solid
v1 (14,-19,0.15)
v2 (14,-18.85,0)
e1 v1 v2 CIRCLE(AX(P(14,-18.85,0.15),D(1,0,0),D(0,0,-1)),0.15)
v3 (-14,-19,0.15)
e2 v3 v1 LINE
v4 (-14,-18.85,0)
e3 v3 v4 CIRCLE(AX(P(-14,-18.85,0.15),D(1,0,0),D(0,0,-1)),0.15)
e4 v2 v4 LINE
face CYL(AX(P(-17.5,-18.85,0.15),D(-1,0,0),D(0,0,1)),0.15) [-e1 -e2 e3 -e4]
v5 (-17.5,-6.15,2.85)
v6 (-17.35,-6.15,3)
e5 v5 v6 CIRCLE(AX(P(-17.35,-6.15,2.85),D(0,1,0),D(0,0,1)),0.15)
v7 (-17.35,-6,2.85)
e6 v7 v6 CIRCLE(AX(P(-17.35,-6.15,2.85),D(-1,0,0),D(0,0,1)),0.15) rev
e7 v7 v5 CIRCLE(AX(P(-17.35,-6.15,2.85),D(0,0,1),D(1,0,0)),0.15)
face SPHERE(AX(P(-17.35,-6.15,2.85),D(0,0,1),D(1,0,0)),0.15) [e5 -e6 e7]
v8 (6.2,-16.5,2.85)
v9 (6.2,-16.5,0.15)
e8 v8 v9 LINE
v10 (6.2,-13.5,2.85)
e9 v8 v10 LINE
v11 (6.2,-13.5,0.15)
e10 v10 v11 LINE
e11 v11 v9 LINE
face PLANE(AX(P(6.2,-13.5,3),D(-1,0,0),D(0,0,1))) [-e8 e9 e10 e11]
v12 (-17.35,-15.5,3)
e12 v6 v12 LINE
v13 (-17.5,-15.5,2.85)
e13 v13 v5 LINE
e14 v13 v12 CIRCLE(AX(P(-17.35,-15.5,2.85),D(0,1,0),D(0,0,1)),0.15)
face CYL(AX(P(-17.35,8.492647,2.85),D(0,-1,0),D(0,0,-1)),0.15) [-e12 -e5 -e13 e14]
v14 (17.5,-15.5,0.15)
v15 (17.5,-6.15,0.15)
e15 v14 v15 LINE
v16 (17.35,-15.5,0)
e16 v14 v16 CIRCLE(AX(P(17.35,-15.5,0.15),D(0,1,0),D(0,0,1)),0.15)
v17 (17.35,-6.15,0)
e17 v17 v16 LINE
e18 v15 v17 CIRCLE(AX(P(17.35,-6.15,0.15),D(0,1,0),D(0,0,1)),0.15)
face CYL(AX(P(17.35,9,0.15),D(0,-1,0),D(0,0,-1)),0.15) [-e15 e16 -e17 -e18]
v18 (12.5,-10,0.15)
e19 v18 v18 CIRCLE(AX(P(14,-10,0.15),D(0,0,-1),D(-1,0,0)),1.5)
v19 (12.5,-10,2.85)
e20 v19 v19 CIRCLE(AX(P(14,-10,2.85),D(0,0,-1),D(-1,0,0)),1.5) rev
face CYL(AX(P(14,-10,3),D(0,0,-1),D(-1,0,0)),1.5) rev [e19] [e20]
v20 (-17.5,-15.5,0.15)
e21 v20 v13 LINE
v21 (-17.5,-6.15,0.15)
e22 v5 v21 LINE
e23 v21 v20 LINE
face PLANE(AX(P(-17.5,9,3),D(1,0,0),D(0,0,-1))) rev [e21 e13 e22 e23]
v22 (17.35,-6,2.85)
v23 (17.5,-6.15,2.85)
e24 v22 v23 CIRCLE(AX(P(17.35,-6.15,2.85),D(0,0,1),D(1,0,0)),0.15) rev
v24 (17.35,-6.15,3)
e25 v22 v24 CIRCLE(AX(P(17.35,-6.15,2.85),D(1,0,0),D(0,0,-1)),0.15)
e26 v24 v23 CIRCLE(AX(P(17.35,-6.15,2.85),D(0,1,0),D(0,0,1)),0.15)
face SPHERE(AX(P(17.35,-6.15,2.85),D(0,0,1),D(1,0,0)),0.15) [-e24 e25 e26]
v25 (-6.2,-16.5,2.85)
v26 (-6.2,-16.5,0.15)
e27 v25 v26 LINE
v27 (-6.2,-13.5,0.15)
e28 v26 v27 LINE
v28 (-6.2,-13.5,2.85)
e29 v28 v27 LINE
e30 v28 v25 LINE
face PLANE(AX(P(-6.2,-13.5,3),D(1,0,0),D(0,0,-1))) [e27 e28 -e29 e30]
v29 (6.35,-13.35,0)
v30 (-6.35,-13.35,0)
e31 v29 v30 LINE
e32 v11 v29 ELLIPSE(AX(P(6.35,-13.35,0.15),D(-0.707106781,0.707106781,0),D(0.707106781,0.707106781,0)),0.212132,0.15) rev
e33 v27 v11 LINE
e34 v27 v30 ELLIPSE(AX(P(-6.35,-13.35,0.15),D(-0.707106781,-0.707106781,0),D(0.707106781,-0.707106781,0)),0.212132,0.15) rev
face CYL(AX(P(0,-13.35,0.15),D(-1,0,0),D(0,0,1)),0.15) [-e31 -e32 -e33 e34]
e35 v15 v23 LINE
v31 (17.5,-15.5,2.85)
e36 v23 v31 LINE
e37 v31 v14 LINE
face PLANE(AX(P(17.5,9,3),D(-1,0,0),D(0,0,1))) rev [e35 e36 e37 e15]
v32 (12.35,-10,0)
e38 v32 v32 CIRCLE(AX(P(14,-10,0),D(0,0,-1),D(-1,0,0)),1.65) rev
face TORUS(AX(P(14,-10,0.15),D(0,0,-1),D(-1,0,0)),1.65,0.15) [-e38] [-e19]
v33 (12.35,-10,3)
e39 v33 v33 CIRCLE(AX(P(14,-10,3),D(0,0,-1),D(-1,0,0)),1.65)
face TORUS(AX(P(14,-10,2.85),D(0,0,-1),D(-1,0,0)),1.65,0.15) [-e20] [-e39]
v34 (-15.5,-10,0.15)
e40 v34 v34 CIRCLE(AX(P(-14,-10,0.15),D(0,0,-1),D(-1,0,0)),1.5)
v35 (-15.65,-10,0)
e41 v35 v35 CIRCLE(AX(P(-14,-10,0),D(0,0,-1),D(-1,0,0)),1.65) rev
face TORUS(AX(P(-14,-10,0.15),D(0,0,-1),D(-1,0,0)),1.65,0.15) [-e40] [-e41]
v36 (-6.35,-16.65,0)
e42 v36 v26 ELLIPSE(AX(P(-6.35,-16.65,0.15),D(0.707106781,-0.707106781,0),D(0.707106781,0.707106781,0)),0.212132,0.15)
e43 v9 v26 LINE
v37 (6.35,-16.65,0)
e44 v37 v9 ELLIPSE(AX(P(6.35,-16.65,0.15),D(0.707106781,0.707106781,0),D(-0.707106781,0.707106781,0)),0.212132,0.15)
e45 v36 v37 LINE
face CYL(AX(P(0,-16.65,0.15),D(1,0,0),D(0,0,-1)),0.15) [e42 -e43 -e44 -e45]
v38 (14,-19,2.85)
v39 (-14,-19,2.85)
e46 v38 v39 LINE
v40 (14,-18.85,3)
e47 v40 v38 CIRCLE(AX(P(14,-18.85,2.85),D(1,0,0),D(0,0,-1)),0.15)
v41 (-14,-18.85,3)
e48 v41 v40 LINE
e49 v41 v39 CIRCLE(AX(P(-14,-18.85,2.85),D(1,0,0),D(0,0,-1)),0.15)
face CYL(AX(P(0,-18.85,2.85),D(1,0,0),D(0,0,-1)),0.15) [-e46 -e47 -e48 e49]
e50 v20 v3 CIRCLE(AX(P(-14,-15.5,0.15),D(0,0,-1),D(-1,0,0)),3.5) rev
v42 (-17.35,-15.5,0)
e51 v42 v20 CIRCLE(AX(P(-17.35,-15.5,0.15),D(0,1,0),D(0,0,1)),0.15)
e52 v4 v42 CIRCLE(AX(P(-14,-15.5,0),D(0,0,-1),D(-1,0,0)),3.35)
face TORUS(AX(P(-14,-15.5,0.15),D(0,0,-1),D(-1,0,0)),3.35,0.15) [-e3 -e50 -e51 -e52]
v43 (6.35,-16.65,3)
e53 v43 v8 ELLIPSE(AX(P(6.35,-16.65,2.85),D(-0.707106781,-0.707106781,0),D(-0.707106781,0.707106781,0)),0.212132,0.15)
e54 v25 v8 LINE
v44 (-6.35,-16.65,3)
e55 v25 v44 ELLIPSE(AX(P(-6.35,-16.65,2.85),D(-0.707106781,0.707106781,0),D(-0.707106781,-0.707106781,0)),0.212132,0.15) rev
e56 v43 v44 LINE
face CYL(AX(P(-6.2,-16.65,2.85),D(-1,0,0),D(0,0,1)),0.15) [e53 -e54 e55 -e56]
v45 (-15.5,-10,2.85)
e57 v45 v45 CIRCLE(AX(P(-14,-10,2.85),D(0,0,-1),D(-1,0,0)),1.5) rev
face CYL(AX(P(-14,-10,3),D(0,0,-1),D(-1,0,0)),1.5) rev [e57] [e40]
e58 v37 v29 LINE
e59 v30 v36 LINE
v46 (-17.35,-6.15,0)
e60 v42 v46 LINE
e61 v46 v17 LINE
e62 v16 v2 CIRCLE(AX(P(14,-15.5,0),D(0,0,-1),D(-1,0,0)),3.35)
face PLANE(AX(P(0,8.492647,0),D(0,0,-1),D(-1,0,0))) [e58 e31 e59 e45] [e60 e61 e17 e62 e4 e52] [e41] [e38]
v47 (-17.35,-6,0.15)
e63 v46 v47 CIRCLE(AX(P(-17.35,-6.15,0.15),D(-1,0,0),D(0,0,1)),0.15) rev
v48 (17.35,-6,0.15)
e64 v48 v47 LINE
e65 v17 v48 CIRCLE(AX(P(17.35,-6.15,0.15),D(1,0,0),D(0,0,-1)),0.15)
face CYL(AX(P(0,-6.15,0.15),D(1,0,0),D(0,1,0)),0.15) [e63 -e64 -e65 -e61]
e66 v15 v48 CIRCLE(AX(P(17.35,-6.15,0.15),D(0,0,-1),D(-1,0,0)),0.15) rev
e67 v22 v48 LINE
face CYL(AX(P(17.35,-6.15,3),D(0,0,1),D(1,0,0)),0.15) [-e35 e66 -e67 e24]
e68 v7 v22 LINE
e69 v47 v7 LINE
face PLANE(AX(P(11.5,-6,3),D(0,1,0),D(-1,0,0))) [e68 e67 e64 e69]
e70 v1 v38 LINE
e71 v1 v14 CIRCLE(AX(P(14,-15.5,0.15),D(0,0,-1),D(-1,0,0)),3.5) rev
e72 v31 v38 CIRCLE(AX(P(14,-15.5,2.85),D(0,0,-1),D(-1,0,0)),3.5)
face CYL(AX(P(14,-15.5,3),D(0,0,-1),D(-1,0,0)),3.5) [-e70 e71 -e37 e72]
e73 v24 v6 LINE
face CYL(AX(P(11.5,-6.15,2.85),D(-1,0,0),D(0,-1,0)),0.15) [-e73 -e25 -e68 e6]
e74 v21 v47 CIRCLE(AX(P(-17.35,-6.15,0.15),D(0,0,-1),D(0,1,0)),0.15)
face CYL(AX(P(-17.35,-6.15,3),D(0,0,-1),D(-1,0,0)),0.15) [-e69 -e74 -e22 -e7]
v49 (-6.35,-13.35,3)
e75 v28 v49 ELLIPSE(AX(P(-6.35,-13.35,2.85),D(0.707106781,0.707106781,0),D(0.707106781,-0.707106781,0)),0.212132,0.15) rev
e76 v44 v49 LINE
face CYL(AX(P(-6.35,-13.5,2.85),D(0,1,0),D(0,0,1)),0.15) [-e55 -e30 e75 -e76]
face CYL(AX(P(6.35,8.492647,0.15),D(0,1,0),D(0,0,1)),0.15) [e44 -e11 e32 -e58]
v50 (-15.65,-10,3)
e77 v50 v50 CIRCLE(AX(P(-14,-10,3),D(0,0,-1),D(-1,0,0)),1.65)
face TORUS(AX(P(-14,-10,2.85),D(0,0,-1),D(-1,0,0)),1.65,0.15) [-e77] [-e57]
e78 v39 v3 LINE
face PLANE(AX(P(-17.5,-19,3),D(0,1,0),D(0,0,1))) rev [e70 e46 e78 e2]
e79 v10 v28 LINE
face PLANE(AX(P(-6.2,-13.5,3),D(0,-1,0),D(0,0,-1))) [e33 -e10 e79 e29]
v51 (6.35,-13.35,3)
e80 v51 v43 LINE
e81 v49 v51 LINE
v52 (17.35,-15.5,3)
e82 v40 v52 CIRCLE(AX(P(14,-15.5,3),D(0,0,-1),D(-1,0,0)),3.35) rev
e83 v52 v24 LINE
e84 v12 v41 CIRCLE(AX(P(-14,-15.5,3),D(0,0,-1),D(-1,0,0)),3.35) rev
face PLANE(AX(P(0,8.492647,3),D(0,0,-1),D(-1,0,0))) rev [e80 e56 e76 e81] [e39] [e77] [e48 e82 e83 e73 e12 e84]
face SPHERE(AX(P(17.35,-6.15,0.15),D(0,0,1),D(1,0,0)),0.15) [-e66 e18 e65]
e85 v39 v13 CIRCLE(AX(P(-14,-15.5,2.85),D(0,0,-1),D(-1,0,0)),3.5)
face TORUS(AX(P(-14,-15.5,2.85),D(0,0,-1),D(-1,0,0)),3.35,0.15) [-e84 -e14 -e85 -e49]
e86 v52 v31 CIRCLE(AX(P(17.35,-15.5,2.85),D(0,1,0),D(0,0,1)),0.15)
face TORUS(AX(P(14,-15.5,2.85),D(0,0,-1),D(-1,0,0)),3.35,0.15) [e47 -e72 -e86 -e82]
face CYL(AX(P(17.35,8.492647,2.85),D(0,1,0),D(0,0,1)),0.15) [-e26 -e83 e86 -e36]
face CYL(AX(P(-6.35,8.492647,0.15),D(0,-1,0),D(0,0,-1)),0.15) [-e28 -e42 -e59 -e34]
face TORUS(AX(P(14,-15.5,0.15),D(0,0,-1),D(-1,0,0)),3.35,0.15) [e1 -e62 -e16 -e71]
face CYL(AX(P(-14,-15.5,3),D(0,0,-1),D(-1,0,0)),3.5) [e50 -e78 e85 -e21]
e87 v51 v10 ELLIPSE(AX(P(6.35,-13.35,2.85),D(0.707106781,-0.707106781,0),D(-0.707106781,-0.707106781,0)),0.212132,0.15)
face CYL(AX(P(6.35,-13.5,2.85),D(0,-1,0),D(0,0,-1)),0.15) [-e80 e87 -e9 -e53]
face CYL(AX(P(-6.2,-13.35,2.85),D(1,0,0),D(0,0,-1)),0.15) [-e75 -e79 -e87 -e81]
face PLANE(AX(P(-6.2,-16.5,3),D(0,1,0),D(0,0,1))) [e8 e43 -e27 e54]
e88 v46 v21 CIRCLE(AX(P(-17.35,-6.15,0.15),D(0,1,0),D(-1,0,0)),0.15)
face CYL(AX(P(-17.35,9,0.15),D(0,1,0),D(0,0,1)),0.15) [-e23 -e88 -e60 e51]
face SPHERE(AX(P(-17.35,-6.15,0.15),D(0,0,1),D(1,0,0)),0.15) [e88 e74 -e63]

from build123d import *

# Parameters (mm, degrees)
SKETCH1_R               = 1
SKETCH1_R_2             = 1.5
SKETCH1_R_3             = 2
SKETCH1_W               = 23
SKETCH1_H               = 12
SKETCH1_W_2             = 12.4
SKETCH1_H_2             = 3
BOSS_EXTRUDE1_DEPTH     = 3
FILLET1_R               = 3.5
CUT_EXTRUDE1_DEPTH      = 1
CUT_EXTRUDE1_DEPTH_BACK = 4
FILLET3_R               = 0.15


with BuildPart() as part:
    # Sketch1 → Boss-Extrude1 (new body)
    with BuildSketch(Plane.XY):
        with BuildLine():
            Line((-17.5, 9), (-17.5, -19))
            Line((-17.5, -19), (17.5, -19))
            Line((17.5, -19), (17.5, 9))
            ThreePointArc((17.5, 9), (0, 26), (-17.5, 9))
        make_face()
        with Locations((-14, 0)):
            Circle(SKETCH1_R, mode=Mode.SUBTRACT)
        with Locations((-14, -10)):
            Circle(SKETCH1_R_2, mode=Mode.SUBTRACT)
        with Locations((-8.5, 16)):
            Circle(SKETCH1_R_3, mode=Mode.SUBTRACT)
        with Locations((14, -10)):
            Circle(SKETCH1_R_2, mode=Mode.SUBTRACT)
        with Locations((14, 0)):
            Circle(SKETCH1_R, mode=Mode.SUBTRACT)
        with Locations((8.5, 16)):
            Circle(SKETCH1_R_3, mode=Mode.SUBTRACT)
        Rectangle(SKETCH1_W, SKETCH1_H, mode=Mode.SUBTRACT)
        with Locations((0, -15)):
            Rectangle(SKETCH1_W_2, SKETCH1_H_2, mode=Mode.SUBTRACT)
    extrude(amount=BOSS_EXTRUDE1_DEPTH)

    # Fillet1
    fillet1_edges = [part.edges().sort_by_distance(p)[0] for p in [
        (17.5, -19, 1.5),
        (-17.5, -19, 1.5),
    ]]
    fillet(fillet1_edges, radius=FILLET1_R)

    # Sketch2 → Cut-Extrude1 (cut, two sides)
    with BuildSketch(Plane.XY.offset(3)) as cut_extrude1_sk:
        Polygon((-142.935501538, -6), (-22.5, -6), (27.5, -6), (147.935501538, -6), (147.935501538, 234.871003076), (-142.935501538, 234.871003076), align=None)
    extrude(amount=CUT_EXTRUDE1_DEPTH, mode=Mode.SUBTRACT)
    extrude(cut_extrude1_sk.sketch, amount=-CUT_EXTRUDE1_DEPTH_BACK, mode=Mode.SUBTRACT)

    # Fillet3
    fillet3_edges = [part.edges().sort_by_distance(p)[0] for p in [
        (0, -6, 0),
        (0, -6, 3),
        (-15.5, -10, 0),
        (-15.5, -10, 3),
        (-6.2, -15, 0),
        (0, -16.5, 0),
        (6.2, -15, 0),
        (0, -13.5, 0),
        (-6.2, -15, 3),
        (0, -16.5, 3),
        (6.2, -15, 3),
        (0, -13.5, 3),
        (12.5, -10, 0),
        (12.5, -10, 3),
        (17.5, -10.75, 0),
        (17.5, -10.75, 3),
        (0, -19, 0),
        (-16.474873734, -17.974873734, 0),
        (16.474873734, -17.974873734, 0),
        (0, -19, 3),
        (-16.474873734, -17.974873734, 3),
        (16.474873734, -17.974873734, 3),
        (-17.5, -10.75, 0),
        (-17.5, -10.75, 3),
        (-17.5, -6, 1.5),
        (17.5, -6, 1.5),
    ]]
    fillet(fillet3_edges, radius=FILLET3_R)


solid = part.part
